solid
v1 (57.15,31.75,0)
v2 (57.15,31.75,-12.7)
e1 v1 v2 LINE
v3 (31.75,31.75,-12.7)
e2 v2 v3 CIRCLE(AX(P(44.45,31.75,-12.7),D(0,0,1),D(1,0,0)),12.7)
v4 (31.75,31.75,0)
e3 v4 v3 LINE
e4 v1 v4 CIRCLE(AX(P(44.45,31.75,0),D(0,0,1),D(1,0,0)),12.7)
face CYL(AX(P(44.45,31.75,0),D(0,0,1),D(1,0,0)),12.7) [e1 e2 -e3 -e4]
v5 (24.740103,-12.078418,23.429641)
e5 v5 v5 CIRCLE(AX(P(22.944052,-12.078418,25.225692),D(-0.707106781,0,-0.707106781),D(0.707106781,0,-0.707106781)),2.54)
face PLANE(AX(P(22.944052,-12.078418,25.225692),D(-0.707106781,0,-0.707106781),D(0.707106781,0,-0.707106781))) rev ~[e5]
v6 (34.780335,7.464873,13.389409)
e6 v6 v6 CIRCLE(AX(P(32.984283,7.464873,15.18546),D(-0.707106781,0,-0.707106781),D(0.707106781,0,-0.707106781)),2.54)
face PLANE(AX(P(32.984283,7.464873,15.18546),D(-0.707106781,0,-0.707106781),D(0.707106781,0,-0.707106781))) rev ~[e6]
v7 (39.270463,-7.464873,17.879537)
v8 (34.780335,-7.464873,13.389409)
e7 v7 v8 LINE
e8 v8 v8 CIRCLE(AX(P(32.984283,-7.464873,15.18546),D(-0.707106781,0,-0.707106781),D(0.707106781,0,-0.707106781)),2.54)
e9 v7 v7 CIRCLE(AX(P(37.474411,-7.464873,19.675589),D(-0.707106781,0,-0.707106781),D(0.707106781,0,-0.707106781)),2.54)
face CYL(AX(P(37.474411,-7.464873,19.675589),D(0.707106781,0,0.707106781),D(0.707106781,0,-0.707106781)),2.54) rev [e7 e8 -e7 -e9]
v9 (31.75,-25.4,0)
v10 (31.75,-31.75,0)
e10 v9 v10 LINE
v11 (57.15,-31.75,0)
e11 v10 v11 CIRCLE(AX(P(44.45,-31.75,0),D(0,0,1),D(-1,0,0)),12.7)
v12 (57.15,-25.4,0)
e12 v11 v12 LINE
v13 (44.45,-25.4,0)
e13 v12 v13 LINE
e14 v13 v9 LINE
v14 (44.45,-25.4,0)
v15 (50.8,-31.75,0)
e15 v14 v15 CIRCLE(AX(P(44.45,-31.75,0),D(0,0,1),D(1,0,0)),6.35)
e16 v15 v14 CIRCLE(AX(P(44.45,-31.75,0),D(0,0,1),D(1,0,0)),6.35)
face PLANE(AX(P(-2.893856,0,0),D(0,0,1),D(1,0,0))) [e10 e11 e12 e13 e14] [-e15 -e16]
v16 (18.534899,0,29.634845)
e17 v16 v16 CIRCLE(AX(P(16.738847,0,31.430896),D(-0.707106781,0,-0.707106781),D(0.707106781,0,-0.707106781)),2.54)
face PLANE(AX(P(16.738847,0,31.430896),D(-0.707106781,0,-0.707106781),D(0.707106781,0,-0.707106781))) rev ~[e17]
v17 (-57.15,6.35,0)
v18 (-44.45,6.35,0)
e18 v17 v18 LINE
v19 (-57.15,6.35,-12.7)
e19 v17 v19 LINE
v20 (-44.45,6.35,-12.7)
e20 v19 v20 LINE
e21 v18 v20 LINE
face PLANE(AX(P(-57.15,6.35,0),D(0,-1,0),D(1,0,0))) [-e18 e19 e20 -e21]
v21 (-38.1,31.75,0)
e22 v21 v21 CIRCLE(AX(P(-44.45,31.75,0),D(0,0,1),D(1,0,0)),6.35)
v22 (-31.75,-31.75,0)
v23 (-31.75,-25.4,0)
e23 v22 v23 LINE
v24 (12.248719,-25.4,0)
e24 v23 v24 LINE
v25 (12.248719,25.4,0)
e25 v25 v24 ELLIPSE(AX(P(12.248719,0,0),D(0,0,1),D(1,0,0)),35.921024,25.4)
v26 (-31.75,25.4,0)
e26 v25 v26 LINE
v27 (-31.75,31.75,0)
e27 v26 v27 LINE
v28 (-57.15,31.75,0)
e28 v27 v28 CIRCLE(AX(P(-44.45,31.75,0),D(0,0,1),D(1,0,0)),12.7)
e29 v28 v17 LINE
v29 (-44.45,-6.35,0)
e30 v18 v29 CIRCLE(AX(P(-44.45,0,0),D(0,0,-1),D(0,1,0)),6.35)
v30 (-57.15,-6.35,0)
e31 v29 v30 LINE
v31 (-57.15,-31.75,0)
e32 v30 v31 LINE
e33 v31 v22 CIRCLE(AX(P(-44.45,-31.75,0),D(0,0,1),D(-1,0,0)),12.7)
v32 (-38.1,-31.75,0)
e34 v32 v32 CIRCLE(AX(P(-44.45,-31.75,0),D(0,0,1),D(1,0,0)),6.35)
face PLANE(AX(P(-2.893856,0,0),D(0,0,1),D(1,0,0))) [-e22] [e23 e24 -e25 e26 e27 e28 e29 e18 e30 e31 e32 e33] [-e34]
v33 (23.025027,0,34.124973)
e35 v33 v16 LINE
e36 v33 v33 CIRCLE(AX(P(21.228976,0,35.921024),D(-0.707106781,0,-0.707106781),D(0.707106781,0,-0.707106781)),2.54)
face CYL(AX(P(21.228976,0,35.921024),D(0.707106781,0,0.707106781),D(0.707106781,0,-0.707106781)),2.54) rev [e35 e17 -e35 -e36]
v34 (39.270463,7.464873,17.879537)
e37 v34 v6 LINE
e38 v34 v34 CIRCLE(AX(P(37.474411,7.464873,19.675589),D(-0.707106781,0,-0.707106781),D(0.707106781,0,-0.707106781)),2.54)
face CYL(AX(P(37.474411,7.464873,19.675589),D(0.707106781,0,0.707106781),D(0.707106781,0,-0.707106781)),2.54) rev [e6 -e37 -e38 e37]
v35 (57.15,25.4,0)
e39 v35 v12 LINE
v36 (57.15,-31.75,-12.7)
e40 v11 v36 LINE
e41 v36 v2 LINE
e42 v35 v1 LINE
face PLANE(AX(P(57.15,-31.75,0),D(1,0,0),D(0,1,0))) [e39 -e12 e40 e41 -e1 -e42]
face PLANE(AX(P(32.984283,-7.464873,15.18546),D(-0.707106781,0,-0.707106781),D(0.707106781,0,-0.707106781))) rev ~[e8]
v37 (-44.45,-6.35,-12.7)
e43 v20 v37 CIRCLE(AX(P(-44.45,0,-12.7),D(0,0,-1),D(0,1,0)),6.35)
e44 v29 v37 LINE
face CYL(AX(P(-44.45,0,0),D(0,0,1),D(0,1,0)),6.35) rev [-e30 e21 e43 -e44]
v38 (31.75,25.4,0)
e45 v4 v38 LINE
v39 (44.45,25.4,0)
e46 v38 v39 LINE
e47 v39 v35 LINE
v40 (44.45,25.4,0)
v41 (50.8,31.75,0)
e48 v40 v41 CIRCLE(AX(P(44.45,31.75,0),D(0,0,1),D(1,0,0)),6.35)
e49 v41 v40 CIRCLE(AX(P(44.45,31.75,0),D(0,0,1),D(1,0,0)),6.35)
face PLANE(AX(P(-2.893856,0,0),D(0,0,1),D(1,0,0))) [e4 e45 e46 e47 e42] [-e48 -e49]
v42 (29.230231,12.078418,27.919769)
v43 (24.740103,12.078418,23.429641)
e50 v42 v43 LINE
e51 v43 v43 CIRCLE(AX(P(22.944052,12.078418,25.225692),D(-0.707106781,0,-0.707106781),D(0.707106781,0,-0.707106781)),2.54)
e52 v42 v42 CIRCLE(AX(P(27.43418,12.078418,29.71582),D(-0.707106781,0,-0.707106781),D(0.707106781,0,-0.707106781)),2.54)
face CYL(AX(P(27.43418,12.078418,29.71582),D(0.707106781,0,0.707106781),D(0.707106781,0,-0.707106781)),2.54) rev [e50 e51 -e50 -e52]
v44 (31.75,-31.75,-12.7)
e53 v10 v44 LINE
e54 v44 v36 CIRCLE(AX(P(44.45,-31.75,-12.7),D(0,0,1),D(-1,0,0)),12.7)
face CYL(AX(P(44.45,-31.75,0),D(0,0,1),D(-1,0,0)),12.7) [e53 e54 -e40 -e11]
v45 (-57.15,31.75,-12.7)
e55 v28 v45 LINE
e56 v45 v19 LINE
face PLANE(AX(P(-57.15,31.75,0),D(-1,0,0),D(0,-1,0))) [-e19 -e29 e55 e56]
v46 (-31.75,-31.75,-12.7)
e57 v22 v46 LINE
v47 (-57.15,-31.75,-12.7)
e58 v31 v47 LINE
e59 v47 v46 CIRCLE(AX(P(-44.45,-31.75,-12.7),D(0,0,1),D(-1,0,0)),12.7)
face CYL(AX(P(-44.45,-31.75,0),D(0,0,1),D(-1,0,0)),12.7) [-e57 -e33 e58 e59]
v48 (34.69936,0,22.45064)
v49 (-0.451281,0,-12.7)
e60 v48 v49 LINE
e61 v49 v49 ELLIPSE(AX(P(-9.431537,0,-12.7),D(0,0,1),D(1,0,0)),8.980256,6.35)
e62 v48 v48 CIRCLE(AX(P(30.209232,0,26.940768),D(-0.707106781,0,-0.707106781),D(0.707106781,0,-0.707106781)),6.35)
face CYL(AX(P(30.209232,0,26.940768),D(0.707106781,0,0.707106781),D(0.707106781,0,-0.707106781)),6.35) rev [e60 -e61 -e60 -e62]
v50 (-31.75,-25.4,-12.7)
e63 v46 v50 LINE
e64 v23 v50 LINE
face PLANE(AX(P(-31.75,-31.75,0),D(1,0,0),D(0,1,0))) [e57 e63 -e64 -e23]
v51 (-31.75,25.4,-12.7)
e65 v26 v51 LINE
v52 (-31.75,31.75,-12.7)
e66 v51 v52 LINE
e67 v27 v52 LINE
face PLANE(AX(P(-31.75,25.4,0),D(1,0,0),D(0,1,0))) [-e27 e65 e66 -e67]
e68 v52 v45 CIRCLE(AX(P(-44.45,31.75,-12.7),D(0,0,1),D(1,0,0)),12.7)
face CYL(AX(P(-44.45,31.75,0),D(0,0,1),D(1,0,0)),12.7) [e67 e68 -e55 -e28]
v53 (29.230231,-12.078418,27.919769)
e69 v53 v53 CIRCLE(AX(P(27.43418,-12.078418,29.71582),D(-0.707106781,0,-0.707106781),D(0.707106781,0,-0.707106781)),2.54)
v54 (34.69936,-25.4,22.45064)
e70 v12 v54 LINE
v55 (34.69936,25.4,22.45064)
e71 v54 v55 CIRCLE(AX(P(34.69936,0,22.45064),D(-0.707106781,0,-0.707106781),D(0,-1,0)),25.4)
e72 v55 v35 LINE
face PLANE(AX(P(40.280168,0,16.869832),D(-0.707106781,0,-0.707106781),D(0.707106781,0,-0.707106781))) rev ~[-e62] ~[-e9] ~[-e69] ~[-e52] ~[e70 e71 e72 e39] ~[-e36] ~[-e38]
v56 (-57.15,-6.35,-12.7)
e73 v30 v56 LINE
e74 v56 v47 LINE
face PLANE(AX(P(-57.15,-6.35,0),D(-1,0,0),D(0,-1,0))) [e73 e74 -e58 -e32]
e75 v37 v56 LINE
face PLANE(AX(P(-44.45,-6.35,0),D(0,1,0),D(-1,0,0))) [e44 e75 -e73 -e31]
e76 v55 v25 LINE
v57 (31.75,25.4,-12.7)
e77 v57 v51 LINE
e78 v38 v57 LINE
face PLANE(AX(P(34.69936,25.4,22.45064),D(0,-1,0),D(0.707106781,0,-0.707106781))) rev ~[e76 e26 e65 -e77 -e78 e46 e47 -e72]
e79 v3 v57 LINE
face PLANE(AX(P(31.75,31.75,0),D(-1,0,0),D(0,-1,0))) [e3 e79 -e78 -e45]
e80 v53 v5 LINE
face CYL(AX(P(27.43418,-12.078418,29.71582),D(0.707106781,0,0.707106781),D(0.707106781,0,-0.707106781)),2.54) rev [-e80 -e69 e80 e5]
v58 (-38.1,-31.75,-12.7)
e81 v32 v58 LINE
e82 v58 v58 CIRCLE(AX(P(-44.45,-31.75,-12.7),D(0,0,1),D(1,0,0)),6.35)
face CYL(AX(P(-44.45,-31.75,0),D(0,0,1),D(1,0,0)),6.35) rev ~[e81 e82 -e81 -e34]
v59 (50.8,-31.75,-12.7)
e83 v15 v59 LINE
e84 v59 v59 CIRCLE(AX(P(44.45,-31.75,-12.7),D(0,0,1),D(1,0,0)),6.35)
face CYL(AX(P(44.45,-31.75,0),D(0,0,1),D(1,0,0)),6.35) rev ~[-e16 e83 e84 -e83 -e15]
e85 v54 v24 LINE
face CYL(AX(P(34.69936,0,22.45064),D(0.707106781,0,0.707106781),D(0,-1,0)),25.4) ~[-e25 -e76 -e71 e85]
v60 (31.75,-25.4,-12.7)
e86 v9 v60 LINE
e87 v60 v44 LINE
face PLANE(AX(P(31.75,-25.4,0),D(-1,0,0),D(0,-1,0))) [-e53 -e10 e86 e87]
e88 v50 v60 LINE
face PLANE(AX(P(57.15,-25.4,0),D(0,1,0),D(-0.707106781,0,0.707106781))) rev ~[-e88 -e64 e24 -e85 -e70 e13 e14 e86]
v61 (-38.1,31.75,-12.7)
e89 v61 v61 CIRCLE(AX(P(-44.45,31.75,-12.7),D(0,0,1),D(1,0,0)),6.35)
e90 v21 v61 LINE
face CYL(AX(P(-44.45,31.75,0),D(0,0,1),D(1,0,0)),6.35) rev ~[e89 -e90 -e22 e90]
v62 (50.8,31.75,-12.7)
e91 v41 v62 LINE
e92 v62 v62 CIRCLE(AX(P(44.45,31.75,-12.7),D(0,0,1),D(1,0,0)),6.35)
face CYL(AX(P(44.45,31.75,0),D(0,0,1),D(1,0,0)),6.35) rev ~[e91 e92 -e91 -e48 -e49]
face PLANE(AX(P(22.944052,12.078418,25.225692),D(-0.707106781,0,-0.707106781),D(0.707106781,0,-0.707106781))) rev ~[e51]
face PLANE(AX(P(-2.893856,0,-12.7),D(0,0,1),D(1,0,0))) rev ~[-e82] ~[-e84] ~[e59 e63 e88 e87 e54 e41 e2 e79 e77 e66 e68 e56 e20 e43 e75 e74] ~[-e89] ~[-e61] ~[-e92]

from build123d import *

# Parameters (mm, degrees)
F1_R      = 6.35
F2_DEPTH  = 12.7
F4_DEPTH  = 12.701
F8_R      = 2.54
F10_DEPTH = 6.35
F9_R      = 6.35
F11_DEPTH = 89.8035612107


with BuildPart() as f2:
    # F1 (on Top) → F2 (new body)
    with BuildSketch(Plane.XY):
        with BuildLine():
            ThreePointArc((-31.75, 31.75), (-44.45, 44.45), (-57.15, 31.75))
            Line((-57.15, 31.75), (-57.15, 6.35))
            Line((-57.15, 6.35), (-44.45, 6.35))
            ThreePointArc((-44.45, 6.35), (-38.1, 0), (-44.45, -6.35))
            Line((-44.45, -6.35), (-57.15, -6.35))
            Line((-57.15, -6.35), (-57.15, -31.75))
            ThreePointArc((-57.15, -31.75), (-44.45, -44.45), (-31.75, -31.75))
            Line((-31.75, -31.75), (-31.75, -25.4))
            Line((-31.75, -25.4), (31.75, -25.4))
            Line((31.75, -25.4), (31.75, -31.75))
            ThreePointArc((31.75, -31.75), (44.45, -44.45), (57.15, -31.75))
            Line((57.15, -31.75), (57.15, 31.75))
            ThreePointArc((57.15, 31.75), (44.45, 44.45), (31.75, 31.75))
            Line((31.75, 31.75), (31.75, 25.4))
            Line((31.75, 25.4), (-31.75, 25.4))
            Line((-31.75, 25.4), (-31.75, 31.75))
        make_face()
        with Locations((-44.45, -31.75)):
            Circle(F1_R, mode=Mode.SUBTRACT)
        with Locations((44.45, -31.75)):
            Circle(F1_R, mode=Mode.SUBTRACT)
        with Locations((-44.45, 31.75)):
            Circle(F1_R, mode=Mode.SUBTRACT)
        with Locations((44.45, 31.75)):
            Circle(F1_R, mode=Mode.SUBTRACT)
        with Locations((-44.45, -31.75)):
            Circle(F1_R)
        with Locations((-44.45, 31.75)):
            Circle(F1_R)
        with Locations((44.45, 31.75)):
            Circle(F1_R)
        with Locations((44.45, -31.75)):
            Circle(F1_R)
    extrude(amount=-F2_DEPTH)

    # F1 (on Top) → F4 (cut, through all)
    with BuildSketch(Plane.XY):
        with Locations((-44.45, -31.75)):
            Circle(F1_R)
        with Locations((-44.45, 31.75)):
            Circle(F1_R)
        with Locations((44.45, 31.75)):
            Circle(F1_R)
        with Locations((44.45, -31.75)):
            Circle(F1_R)
    extrude(amount=-F4_DEPTH, mode=Mode.SUBTRACT)

    # F6 (on face) → F7 (join, up to the next surface of F2)
    with BuildSketch(Plane(origin=(28.575, 0, 28.575), x_dir=(0.7071067812, 0, -0.7071067812), z_dir=(-0.7071067812, 0, -0.7071067812))):
        with BuildLine():
            Line((40.4111525448, -25.4), (40.4111525448, 25.4))
            Line((40.4111525448, 25.4), (8.6611525448, 25.4))
            ThreePointArc((8.6611525448, 25.4), (-16.7388474552, 0), (8.6611525448, -25.4))
            Line((8.6611525448, -25.4), (40.4111525448, -25.4))
        make_face()
    extrude(until=Until.NEXT)

    # F8 (on face) → F10 (cut)
    with BuildSketch(Plane(origin=(28.575, 0, 28.575), x_dir=(0.7071067812, 0, -0.7071067812), z_dir=(-0.7071067812, 0, -0.7071067812))):
        with Locations((-10.3888474552, 0)):
            Circle(F8_R)
        with Locations((-1.6133632838, -12.0784177569)):
            Circle(F8_R)
        with Locations((12.5856683734, -7.4648727041)):
            Circle(F8_R)
        with Locations((12.5856683734, 7.4648727041)):
            Circle(F8_R)
        with Locations((-1.6133632838, 12.0784177569)):
            Circle(F8_R)
    extrude(amount=F10_DEPTH, mode=Mode.SUBTRACT)

    # F9 (on face) → F11 (cut, through all)
    with BuildSketch(Plane(origin=(28.575, 0, 28.575), x_dir=(0.7071067812, 0, -0.7071067812), z_dir=(-0.7071067812, 0, -0.7071067812))):
        with Locations((2.3111525448, 0)):
            Circle(F9_R)
    extrude(amount=F11_DEPTH, mode=Mode.SUBTRACT)


solid = f2.part
